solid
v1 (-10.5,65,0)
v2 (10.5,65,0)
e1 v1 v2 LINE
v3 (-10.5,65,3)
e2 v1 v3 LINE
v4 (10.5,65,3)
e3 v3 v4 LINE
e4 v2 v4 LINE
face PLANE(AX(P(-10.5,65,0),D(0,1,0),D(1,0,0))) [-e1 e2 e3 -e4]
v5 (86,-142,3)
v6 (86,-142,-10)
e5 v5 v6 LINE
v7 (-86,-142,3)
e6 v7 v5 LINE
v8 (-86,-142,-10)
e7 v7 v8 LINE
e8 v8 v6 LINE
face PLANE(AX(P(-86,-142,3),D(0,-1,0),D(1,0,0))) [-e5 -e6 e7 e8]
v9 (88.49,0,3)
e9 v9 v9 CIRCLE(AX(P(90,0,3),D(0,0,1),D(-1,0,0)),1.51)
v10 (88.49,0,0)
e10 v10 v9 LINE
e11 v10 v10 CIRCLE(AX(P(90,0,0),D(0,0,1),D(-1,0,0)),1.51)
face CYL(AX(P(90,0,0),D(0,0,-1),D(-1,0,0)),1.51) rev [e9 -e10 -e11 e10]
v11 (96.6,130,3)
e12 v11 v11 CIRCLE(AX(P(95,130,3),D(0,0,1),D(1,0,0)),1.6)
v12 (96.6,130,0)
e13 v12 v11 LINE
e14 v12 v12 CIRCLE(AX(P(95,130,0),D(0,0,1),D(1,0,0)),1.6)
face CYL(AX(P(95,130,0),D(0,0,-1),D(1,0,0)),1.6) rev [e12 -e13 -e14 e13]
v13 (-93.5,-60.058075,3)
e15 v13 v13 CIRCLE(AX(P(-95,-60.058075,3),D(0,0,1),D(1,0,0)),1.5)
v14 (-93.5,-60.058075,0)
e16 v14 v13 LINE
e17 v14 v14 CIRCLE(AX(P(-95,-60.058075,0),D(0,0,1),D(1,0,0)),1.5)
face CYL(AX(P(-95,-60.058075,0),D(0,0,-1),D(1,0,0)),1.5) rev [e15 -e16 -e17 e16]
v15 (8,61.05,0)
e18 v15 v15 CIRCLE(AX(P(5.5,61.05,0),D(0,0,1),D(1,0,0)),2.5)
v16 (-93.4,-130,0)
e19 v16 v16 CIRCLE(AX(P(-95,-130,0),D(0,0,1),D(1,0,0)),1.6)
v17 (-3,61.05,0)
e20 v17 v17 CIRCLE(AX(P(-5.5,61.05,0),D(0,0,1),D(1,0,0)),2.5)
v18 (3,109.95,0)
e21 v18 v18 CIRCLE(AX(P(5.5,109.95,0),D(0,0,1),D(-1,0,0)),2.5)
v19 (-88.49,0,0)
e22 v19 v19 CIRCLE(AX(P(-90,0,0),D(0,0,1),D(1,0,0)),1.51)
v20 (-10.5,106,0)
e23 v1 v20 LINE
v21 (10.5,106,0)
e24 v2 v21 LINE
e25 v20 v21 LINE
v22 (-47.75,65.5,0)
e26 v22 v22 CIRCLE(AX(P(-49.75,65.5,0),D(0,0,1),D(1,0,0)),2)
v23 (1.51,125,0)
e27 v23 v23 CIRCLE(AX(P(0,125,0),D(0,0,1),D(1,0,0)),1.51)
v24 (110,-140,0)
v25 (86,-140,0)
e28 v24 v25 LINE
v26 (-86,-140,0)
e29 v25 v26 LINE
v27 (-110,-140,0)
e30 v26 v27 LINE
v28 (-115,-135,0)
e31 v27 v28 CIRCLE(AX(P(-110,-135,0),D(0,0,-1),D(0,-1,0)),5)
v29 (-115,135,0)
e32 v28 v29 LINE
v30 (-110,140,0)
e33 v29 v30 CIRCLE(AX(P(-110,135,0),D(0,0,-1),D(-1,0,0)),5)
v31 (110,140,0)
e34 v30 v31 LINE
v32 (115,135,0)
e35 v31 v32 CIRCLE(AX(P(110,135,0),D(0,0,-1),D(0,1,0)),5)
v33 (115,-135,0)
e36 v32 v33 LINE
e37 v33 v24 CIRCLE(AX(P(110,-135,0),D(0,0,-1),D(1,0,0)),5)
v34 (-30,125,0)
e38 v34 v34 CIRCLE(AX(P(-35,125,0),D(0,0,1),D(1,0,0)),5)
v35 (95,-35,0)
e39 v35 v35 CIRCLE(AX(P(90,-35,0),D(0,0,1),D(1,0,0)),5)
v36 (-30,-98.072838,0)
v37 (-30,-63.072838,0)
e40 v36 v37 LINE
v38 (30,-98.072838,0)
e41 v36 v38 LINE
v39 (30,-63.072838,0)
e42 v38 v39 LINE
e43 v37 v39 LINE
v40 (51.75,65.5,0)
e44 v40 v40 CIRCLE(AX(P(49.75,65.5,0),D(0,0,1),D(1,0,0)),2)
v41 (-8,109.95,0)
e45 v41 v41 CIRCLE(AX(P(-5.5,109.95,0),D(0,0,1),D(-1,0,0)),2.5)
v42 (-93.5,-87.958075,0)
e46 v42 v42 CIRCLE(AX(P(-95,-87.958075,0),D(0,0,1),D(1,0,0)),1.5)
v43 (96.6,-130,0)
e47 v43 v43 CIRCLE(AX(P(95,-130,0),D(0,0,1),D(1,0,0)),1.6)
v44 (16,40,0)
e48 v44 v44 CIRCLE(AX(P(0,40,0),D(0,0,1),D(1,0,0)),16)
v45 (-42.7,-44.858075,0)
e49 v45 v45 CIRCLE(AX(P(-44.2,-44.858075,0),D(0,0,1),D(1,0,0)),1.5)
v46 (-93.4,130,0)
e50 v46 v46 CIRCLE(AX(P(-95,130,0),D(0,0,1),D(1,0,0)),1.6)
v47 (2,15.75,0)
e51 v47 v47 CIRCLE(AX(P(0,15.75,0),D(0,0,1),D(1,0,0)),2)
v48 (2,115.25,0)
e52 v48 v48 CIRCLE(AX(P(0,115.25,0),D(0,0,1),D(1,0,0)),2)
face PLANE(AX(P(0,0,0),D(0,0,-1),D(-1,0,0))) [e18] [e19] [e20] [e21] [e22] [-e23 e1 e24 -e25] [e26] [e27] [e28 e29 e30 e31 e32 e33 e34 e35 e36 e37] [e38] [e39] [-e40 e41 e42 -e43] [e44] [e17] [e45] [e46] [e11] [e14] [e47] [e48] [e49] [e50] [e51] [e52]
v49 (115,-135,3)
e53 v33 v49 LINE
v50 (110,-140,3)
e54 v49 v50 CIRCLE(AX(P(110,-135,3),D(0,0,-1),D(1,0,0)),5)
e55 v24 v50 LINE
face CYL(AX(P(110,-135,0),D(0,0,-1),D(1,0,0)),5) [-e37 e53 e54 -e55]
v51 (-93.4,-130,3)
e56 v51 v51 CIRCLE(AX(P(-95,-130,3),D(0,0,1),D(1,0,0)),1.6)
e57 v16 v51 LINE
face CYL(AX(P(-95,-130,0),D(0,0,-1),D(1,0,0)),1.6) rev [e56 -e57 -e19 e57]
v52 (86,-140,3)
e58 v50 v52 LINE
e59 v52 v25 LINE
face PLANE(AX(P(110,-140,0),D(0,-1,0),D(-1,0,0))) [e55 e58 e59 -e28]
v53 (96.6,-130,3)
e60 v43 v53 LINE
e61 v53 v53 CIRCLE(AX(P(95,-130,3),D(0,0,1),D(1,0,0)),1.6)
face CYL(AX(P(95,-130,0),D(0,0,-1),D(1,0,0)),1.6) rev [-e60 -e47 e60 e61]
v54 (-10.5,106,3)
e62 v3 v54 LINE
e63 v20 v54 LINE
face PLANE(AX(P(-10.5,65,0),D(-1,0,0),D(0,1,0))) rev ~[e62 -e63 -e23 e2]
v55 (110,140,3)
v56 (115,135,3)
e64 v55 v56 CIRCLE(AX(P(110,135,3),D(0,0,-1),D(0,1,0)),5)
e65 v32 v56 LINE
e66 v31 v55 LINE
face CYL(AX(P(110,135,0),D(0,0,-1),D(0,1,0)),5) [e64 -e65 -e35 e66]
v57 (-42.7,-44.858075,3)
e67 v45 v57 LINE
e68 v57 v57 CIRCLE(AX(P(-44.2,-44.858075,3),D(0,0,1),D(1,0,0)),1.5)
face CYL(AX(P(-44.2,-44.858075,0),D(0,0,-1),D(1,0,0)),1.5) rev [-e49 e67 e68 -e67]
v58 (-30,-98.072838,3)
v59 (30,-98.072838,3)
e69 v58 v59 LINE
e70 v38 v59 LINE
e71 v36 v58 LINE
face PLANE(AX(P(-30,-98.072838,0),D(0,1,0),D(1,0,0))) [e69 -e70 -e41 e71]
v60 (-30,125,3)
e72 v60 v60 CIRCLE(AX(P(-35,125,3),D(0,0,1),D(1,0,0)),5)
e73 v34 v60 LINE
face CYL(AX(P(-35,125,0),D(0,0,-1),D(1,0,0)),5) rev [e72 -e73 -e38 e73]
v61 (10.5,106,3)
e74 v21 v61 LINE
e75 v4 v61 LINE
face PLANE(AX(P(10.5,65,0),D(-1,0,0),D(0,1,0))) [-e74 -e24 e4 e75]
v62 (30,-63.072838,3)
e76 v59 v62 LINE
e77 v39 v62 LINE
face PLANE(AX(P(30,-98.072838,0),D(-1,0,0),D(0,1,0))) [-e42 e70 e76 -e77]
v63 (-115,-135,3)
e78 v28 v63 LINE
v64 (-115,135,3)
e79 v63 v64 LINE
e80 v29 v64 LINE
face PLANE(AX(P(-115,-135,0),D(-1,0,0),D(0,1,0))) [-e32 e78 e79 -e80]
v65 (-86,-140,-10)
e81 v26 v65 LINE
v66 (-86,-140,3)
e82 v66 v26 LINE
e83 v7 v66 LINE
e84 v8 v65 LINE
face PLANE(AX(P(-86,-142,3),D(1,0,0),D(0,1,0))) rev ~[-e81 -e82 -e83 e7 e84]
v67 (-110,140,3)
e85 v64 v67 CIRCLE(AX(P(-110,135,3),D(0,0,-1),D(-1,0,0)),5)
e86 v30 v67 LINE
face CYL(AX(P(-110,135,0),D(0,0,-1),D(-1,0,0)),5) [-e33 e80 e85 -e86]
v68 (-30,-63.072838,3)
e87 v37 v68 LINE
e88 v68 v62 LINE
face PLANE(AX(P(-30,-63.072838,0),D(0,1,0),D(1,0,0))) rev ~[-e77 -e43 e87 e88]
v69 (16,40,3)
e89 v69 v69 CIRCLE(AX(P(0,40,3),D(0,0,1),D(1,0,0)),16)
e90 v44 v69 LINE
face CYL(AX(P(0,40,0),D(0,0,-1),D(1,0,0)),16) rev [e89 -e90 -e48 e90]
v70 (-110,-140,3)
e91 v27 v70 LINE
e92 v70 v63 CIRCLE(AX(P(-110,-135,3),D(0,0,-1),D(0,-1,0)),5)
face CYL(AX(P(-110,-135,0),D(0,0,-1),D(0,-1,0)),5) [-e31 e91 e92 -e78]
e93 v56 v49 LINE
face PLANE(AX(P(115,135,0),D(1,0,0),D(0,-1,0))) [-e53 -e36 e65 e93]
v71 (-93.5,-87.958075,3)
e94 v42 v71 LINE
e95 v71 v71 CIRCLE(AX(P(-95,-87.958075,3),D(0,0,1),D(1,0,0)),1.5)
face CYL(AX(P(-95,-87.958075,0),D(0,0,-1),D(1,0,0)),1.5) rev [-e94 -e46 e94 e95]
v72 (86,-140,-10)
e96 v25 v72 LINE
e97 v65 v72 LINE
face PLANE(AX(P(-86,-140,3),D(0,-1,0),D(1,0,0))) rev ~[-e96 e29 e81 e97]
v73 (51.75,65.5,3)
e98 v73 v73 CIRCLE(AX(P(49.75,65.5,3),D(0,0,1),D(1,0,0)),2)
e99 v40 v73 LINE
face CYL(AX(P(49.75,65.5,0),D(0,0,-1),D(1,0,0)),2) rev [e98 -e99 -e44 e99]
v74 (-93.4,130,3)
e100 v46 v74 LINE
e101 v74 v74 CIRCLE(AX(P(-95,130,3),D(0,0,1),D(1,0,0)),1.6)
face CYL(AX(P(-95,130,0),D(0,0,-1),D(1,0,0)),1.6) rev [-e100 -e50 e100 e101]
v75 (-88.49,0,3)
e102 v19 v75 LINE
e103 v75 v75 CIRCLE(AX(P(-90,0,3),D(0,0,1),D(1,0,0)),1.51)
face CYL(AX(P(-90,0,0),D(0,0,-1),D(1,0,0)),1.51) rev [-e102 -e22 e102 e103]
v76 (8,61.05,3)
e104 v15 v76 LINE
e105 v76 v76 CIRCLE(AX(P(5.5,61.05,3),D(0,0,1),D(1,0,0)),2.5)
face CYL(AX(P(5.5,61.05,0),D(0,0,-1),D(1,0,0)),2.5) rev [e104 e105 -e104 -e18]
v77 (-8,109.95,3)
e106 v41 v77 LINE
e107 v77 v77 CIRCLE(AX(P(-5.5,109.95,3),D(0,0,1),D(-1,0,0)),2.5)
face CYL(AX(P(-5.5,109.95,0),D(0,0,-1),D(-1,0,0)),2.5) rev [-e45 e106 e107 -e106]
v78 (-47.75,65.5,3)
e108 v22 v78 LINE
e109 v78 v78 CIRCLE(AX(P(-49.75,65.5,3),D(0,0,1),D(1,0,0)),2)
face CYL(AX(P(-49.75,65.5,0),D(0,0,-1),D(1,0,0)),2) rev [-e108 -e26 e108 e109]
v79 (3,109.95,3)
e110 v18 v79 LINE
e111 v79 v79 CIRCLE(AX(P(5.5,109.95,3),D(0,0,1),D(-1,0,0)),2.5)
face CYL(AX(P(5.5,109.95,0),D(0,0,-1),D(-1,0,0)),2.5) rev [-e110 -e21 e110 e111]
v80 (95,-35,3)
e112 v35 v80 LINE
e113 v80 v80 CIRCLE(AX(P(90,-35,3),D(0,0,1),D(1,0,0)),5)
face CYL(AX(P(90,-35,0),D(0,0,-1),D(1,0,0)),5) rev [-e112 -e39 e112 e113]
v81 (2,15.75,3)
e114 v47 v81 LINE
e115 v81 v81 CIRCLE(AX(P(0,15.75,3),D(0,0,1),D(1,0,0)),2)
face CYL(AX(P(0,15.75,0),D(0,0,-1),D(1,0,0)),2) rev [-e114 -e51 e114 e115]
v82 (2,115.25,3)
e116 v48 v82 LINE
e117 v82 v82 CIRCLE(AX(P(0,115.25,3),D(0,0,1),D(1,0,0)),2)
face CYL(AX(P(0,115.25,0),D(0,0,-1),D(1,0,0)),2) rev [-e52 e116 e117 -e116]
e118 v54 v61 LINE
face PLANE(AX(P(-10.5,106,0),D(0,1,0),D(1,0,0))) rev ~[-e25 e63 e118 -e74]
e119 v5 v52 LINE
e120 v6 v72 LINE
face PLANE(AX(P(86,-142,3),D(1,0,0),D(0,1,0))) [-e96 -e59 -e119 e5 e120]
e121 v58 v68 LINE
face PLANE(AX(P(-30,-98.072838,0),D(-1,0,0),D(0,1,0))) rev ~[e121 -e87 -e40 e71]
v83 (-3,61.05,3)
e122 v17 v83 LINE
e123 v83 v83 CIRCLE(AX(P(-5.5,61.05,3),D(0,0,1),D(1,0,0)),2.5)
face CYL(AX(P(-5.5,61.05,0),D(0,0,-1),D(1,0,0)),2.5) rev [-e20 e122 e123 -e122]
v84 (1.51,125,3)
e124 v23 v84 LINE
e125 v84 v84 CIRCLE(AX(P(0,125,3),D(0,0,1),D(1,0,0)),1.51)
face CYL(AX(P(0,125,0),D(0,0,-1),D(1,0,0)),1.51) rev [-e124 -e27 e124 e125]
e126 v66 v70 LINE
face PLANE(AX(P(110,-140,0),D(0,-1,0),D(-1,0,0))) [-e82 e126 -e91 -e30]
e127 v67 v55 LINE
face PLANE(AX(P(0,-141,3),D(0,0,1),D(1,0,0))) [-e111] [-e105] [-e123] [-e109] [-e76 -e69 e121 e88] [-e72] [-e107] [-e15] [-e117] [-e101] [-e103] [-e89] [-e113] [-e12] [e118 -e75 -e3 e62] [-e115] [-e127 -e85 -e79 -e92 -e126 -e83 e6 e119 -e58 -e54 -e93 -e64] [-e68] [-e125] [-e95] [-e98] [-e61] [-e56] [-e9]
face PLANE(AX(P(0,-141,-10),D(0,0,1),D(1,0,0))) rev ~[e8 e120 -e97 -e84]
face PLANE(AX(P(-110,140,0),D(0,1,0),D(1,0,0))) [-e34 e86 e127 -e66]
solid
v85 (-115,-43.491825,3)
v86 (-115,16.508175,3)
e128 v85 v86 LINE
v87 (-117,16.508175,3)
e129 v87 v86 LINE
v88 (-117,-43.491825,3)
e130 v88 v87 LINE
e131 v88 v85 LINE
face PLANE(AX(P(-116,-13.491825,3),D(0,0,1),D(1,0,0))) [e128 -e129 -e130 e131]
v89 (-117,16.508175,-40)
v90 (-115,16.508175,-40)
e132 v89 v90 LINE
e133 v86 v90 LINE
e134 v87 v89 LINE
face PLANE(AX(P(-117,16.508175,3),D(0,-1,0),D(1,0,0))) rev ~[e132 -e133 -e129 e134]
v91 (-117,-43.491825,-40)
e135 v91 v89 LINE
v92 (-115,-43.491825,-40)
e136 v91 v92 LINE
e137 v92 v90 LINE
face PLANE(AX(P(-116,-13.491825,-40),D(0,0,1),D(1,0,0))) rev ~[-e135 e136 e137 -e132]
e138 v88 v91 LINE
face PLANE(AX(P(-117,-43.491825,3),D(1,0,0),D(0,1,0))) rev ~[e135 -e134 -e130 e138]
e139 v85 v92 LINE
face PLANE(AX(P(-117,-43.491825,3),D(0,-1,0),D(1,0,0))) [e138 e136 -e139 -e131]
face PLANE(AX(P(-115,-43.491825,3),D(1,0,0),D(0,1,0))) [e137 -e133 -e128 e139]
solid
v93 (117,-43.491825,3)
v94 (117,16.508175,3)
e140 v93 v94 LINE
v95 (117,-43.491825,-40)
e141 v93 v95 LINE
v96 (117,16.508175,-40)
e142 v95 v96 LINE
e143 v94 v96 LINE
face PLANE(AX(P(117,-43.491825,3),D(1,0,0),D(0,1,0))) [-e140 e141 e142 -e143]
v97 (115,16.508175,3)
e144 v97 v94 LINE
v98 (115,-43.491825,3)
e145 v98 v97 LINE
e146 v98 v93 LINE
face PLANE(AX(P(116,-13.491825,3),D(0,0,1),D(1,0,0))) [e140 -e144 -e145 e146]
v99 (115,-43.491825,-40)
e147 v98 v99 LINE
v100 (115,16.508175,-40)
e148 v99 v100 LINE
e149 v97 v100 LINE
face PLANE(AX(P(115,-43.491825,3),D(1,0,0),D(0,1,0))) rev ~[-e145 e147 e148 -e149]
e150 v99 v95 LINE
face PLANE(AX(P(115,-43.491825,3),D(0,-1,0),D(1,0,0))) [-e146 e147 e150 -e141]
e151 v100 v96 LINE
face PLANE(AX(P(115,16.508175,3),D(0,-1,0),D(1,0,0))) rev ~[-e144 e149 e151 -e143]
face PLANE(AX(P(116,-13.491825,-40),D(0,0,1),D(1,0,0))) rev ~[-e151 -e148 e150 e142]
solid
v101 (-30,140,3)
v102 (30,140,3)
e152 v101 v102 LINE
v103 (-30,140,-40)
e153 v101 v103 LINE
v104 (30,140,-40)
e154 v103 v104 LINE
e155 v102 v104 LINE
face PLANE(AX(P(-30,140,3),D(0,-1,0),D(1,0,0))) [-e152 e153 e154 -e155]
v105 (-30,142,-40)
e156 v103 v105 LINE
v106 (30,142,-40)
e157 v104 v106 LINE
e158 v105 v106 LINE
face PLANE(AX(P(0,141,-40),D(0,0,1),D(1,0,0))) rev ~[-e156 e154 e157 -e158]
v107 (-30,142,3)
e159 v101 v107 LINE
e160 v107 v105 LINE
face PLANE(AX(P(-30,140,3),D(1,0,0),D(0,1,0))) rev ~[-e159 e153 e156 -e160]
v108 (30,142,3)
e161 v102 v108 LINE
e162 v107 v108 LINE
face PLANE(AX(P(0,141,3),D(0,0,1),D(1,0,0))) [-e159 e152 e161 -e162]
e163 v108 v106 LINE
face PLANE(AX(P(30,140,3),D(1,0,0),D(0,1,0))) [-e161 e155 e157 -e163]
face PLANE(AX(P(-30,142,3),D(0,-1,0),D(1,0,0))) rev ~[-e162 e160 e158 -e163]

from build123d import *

# Parameters (mm, degrees)
SKETCH_1_R        = 2
SKETCH_1_R_2      = 1.6
SKETCH_1_R_3      = 2.5
SKETCH_1_R_4      = 16
SKETCH_1_R_5      = 1.5
SKETCH_1_R_6      = 1.51
SKETCH_1_R_7      = 5
SKETCH_1_W        = 21
SKETCH_1_H        = 41
SKETCH_1_W_2      = 60
SKETCH_1_H_2      = 35
EXTRUDE_1_DEPTH   = 3
SKETCH_2_W        = 2
SKETCH_2_H        = 60
EXTRUDE_2_DEPTH   = 43
EXTRUDE_2_2_DEPTH = 43
SKETCH_2_W_2      = 60
SKETCH_2_H_2      = 2
EXTRUDE_2_3_DEPTH = 43
SKETCH_3_W        = 172
SKETCH_3_H        = 2
EXTRUDE_3_DEPTH   = 13


with BuildPart() as part:
    # 草图1 → 凸台-拉伸1 (new body)
    with BuildSketch(Plane.XY):
        with BuildLine():
            Line((105, -140), (-105, -140))
            Line((-105, -140), (-110, -140))
            ThreePointArc((-110, -140), (-113.535533906, -138.535533906), (-115, -135))
            Line((-115, -135), (-115, -130))
            Line((-115, -130), (-115, 130))
            Line((-115, 130), (-115, 135))
            ThreePointArc((-115, 135), (-113.535533906, 138.535533906), (-110, 140))
            Line((-110, 140), (-105, 140))
            Line((-105, 140), (105, 140))
            Line((105, 140), (110, 140))
            ThreePointArc((110, 140), (113.535533906, 138.535533906), (115, 135))
            Line((115, 135), (115, 130))
            Line((115, 130), (115, -130))
            Line((115, -130), (115, -135))
            ThreePointArc((115, -135), (113.535533906, -138.535533906), (110, -140))
            Line((110, -140), (105, -140))
        make_face()
        with Locations((0, 115.25)):
            Circle(SKETCH_1_R, mode=Mode.SUBTRACT)
        with Locations((-49.75, 65.5)):
            Circle(SKETCH_1_R, mode=Mode.SUBTRACT)
        with Locations((0, 15.75)):
            Circle(SKETCH_1_R, mode=Mode.SUBTRACT)
        with Locations((49.75, 65.5)):
            Circle(SKETCH_1_R, mode=Mode.SUBTRACT)
        with Locations((-95, -130)):
            Circle(SKETCH_1_R_2, mode=Mode.SUBTRACT)
        with Locations((95, -130)):
            Circle(SKETCH_1_R_2, mode=Mode.SUBTRACT)
        with Locations((-95, 130)):
            Circle(SKETCH_1_R_2, mode=Mode.SUBTRACT)
        with Locations((95, 130)):
            Circle(SKETCH_1_R_2, mode=Mode.SUBTRACT)
        with Locations((-5.5, 61.05)):
            Circle(SKETCH_1_R_3, mode=Mode.SUBTRACT)
        with Locations((5.5, 61.05)):
            Circle(SKETCH_1_R_3, mode=Mode.SUBTRACT)
        with Locations(Location((5.5, 109.95, 0), (0, 0, 180))):
            Circle(SKETCH_1_R_3, mode=Mode.SUBTRACT)
        with Locations(Location((-5.5, 109.95, 0), (0, 0, 180))):
            Circle(SKETCH_1_R_3, mode=Mode.SUBTRACT)
        with Locations((0, 40)):
            Circle(SKETCH_1_R_4, mode=Mode.SUBTRACT)
        with Locations((-95, -87.958075064)):
            Circle(SKETCH_1_R_5, mode=Mode.SUBTRACT)
        with Locations((-95, -60.058075064)):
            Circle(SKETCH_1_R_5, mode=Mode.SUBTRACT)
        with Locations((-44.2, -44.858075064)):
            Circle(SKETCH_1_R_5, mode=Mode.SUBTRACT)
        with Locations((-90, 0)):
            Circle(SKETCH_1_R_6, mode=Mode.SUBTRACT)
        with Locations(Location((90, 0, 0), (0, 0, 180))):
            Circle(SKETCH_1_R_6, mode=Mode.SUBTRACT)
        with Locations((0, 125)):
            Circle(SKETCH_1_R_6, mode=Mode.SUBTRACT)
        with Locations((-35, 125)):
            Circle(SKETCH_1_R_7, mode=Mode.SUBTRACT)
        with Locations((90, -35)):
            Circle(SKETCH_1_R_7, mode=Mode.SUBTRACT)
        with Locations((0, 85.5)):
            Rectangle(SKETCH_1_W, SKETCH_1_H, mode=Mode.SUBTRACT)
        with Locations((0, -80.572838145)):
            Rectangle(SKETCH_1_W_2, SKETCH_1_H_2, mode=Mode.SUBTRACT)
    extrude(amount=EXTRUDE_1_DEPTH)

    # 草图3 → 凸台-拉伸3 (add)
    with BuildSketch(Plane.XY.offset(3)):
        with Locations((0, -141)):
            Rectangle(SKETCH_3_W, SKETCH_3_H)
    extrude(amount=-EXTRUDE_3_DEPTH)


with BuildPart() as body_2:
    # 草图2 → 凸台-拉伸2 (new body)
    with BuildSketch(Plane.XY.offset(3)):
        with Locations((-116, -13.491825151)):
            Rectangle(SKETCH_2_W, SKETCH_2_H)
    extrude(amount=-EXTRUDE_2_DEPTH)


with BuildPart() as body_3:
    # 草图2 → Extrude 2 2 (new body)
    with BuildSketch(Plane.XY.offset(3)):
        with Locations((116, -13.491825151)):
            Rectangle(SKETCH_2_W, SKETCH_2_H)
    extrude(amount=-EXTRUDE_2_2_DEPTH)


with BuildPart() as body_4:
    # 草图2 → Extrude 2 3 (new body)
    with BuildSketch(Plane.XY.offset(3)):
        with Locations((0, 141)):
            Rectangle(SKETCH_2_W_2, SKETCH_2_H_2)
    extrude(amount=-EXTRUDE_2_3_DEPTH)


solid = Compound([part.part, body_2.part, body_3.part, body_4.part])
